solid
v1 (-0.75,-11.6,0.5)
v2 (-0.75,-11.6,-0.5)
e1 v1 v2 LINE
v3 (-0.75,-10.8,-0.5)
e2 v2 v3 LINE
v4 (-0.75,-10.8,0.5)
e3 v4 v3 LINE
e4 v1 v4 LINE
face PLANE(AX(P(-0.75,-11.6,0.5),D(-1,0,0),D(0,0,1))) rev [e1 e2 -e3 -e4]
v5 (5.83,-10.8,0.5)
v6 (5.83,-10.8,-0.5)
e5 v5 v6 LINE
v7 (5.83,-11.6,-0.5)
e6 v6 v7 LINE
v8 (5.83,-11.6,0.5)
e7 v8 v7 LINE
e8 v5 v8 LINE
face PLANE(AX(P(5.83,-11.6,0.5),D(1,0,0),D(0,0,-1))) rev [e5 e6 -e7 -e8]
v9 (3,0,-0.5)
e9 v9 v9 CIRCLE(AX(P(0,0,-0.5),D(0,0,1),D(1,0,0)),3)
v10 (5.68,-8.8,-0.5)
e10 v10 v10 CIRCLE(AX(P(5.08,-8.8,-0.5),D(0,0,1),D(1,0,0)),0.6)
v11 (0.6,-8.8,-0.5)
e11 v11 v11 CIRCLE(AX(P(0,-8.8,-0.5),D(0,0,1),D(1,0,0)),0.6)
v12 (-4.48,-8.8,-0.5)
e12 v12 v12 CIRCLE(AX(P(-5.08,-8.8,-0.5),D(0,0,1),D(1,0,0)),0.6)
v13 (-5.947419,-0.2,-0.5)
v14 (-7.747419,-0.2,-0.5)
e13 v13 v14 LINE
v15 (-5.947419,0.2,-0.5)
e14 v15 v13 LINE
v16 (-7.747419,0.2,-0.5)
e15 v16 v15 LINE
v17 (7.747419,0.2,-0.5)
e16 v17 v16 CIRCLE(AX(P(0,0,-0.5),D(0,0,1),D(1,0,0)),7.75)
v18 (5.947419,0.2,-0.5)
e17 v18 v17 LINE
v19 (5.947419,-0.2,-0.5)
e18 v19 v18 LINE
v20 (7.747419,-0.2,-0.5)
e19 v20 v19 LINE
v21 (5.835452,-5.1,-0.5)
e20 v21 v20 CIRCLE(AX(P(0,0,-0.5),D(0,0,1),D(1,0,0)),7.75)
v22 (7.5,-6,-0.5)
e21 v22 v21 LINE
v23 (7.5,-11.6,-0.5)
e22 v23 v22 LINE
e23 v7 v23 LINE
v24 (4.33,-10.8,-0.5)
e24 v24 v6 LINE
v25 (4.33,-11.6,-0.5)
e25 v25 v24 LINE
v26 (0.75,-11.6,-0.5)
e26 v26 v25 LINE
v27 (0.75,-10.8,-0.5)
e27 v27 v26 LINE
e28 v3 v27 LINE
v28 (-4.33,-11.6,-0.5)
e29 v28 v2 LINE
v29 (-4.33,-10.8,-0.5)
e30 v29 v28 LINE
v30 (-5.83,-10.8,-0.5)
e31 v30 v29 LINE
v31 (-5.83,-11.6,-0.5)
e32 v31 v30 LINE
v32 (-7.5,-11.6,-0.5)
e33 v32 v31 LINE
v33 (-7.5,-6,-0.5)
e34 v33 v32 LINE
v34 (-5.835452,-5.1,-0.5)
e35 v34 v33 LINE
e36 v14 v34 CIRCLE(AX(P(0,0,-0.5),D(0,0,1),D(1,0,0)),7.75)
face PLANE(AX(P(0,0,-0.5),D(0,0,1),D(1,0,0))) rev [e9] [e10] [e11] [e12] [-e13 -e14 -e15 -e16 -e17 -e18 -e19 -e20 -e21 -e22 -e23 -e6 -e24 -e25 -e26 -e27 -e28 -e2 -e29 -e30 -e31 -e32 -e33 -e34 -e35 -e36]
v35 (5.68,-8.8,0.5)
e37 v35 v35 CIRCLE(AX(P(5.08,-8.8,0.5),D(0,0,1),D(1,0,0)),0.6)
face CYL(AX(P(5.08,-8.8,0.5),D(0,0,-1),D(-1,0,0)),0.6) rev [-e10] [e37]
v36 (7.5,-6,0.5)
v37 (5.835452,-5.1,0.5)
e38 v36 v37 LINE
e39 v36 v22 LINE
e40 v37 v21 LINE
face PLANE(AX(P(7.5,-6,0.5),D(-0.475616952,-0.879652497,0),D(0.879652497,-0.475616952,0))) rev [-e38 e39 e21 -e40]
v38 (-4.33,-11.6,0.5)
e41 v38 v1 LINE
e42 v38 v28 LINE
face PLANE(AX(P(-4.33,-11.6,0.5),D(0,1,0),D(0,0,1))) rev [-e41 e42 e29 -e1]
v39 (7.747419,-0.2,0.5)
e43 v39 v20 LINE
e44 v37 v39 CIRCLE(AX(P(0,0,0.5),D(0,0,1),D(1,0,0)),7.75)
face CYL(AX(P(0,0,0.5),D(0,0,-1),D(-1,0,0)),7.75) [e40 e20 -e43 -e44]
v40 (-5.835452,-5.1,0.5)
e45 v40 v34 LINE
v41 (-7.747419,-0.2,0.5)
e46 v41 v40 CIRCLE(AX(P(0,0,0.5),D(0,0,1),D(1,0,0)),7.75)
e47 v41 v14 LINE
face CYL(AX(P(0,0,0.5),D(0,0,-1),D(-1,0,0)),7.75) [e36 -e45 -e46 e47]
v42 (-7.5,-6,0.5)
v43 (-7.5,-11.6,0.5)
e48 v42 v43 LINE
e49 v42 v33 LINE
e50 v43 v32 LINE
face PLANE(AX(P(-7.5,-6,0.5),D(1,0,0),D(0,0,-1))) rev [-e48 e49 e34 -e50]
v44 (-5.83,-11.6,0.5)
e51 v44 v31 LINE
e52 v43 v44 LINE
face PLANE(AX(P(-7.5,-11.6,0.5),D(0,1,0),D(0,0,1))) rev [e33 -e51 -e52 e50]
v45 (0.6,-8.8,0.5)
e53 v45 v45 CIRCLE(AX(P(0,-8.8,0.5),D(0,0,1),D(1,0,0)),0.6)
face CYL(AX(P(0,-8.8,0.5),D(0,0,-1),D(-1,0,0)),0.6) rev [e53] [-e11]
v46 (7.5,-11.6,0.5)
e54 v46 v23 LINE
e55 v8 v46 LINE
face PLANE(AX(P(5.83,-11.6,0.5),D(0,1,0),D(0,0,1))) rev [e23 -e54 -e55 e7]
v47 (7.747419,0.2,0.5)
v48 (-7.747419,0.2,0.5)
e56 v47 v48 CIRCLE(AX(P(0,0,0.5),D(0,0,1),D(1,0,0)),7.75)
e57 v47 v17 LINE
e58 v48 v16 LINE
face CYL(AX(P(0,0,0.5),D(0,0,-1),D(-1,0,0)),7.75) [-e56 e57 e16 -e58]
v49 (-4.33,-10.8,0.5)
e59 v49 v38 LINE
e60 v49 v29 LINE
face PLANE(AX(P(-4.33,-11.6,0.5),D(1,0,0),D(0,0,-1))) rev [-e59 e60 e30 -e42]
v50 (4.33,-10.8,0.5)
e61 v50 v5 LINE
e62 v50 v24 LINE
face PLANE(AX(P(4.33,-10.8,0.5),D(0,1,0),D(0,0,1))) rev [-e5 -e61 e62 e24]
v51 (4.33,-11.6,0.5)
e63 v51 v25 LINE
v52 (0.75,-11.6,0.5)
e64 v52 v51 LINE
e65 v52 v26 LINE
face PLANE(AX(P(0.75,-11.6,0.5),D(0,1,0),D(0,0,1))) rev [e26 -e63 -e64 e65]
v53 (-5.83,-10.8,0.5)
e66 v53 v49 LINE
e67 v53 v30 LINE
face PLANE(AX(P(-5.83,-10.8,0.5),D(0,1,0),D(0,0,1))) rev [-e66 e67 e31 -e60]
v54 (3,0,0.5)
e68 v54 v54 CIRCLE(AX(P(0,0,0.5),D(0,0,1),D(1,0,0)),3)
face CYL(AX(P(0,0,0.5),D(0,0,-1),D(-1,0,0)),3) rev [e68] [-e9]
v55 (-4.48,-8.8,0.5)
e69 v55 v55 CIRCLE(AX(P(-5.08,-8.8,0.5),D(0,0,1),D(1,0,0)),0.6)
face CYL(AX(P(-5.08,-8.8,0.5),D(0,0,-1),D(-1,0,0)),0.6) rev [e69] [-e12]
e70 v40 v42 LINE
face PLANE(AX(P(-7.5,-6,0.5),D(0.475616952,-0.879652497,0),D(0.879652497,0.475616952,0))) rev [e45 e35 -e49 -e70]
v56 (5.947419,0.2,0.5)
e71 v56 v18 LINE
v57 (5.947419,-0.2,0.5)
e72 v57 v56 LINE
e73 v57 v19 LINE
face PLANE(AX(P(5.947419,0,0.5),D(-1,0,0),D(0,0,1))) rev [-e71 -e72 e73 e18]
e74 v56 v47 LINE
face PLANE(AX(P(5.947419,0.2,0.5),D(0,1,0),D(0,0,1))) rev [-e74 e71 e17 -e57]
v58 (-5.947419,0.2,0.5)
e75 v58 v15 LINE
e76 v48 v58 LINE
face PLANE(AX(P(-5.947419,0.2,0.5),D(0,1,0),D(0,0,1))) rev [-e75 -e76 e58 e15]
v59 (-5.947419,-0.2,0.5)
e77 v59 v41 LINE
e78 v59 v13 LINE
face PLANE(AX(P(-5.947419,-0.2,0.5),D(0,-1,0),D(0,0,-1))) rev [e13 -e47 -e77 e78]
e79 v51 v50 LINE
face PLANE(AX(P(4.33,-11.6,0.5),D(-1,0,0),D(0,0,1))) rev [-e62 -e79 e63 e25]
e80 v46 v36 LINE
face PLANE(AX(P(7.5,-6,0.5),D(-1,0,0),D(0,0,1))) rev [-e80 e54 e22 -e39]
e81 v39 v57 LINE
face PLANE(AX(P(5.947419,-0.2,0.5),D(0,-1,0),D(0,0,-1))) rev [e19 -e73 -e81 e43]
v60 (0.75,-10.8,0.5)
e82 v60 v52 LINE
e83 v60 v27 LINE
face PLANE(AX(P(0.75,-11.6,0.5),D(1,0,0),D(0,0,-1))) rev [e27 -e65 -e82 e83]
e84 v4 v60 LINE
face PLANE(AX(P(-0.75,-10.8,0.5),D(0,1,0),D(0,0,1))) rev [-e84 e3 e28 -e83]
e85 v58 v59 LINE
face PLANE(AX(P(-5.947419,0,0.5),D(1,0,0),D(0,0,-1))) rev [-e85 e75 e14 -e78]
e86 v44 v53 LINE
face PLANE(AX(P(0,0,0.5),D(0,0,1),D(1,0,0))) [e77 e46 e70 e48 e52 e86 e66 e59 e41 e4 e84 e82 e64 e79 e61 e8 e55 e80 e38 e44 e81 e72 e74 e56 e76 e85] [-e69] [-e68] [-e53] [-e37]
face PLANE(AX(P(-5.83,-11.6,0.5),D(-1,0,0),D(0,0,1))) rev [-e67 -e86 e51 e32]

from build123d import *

# Parameters (mm, degrees)
SKETCH1_R           = 0.6
SKETCH1_R_2         = 3
BOSS_EXTRUDE1_DEPTH = 0.5


with BuildPart() as part:
    # Sketch1 → Boss-Extrude1 (new, symmetric)
    with BuildSketch(Plane.XY):
        with BuildLine():
            Line((-7.5, -6), (-5.835451996, -5.1))
            ThreePointArc((-5.835451996, -5.1), (-7.219840415, -2.81716247), (-7.747418925, -0.2))
            Line((-7.747418925, -0.2), (-5.947418925, -0.2))
            Line((-5.947418925, -0.2), (-5.947418925, 0))
            Line((-5.947418925, 0), (-5.947418925, 0.2))
            Line((-5.947418925, 0.2), (-7.747418925, 0.2))
            ThreePointArc((-7.747418925, 0.2), (0, 7.75), (7.747418925, 0.2))
            Line((7.747418925, 0.2), (5.947418925, 0.2))
            Line((5.947418925, 0.2), (5.947418925, 0))
            Line((5.947418925, 0), (5.947418925, -0.2))
            Line((5.947418925, -0.2), (7.747418925, -0.2))
            ThreePointArc((7.747418925, -0.2), (7.219840415, -2.81716247), (5.835451996, -5.1))
            Line((5.835451996, -5.1), (7.5, -6))
            Line((7.5, -6), (7.5, -11.6))
            Line((7.5, -11.6), (5.83, -11.6))
            Line((5.83, -11.6), (5.83, -10.8))
            Line((5.83, -10.8), (4.33, -10.8))
            Line((4.33, -10.8), (4.33, -11.6))
            Line((4.33, -11.6), (0.75, -11.6))
            Line((0.75, -11.6), (0.75, -10.8))
            Line((0.75, -10.8), (-0.75, -10.8))
            Line((-0.75, -10.8), (-0.75, -11.6))
            Line((-0.75, -11.6), (-4.33, -11.6))
            Line((-4.33, -11.6), (-4.33, -10.8))
            Line((-4.33, -10.8), (-5.83, -10.8))
            Line((-5.83, -10.8), (-5.83, -11.6))
            Line((-5.83, -11.6), (-7.5, -11.6))
            Line((-7.5, -11.6), (-7.5, -6))
        make_face()
        with Locations((-5.08, -8.8)):
            Circle(SKETCH1_R, mode=Mode.SUBTRACT)
        with Locations((0, -8.8)):
            Circle(SKETCH1_R, mode=Mode.SUBTRACT)
        with Locations((5.08, -8.8)):
            Circle(SKETCH1_R, mode=Mode.SUBTRACT)
        Circle(SKETCH1_R_2, mode=Mode.SUBTRACT)
    extrude(amount=BOSS_EXTRUDE1_DEPTH, both=True)


solid = part.part
